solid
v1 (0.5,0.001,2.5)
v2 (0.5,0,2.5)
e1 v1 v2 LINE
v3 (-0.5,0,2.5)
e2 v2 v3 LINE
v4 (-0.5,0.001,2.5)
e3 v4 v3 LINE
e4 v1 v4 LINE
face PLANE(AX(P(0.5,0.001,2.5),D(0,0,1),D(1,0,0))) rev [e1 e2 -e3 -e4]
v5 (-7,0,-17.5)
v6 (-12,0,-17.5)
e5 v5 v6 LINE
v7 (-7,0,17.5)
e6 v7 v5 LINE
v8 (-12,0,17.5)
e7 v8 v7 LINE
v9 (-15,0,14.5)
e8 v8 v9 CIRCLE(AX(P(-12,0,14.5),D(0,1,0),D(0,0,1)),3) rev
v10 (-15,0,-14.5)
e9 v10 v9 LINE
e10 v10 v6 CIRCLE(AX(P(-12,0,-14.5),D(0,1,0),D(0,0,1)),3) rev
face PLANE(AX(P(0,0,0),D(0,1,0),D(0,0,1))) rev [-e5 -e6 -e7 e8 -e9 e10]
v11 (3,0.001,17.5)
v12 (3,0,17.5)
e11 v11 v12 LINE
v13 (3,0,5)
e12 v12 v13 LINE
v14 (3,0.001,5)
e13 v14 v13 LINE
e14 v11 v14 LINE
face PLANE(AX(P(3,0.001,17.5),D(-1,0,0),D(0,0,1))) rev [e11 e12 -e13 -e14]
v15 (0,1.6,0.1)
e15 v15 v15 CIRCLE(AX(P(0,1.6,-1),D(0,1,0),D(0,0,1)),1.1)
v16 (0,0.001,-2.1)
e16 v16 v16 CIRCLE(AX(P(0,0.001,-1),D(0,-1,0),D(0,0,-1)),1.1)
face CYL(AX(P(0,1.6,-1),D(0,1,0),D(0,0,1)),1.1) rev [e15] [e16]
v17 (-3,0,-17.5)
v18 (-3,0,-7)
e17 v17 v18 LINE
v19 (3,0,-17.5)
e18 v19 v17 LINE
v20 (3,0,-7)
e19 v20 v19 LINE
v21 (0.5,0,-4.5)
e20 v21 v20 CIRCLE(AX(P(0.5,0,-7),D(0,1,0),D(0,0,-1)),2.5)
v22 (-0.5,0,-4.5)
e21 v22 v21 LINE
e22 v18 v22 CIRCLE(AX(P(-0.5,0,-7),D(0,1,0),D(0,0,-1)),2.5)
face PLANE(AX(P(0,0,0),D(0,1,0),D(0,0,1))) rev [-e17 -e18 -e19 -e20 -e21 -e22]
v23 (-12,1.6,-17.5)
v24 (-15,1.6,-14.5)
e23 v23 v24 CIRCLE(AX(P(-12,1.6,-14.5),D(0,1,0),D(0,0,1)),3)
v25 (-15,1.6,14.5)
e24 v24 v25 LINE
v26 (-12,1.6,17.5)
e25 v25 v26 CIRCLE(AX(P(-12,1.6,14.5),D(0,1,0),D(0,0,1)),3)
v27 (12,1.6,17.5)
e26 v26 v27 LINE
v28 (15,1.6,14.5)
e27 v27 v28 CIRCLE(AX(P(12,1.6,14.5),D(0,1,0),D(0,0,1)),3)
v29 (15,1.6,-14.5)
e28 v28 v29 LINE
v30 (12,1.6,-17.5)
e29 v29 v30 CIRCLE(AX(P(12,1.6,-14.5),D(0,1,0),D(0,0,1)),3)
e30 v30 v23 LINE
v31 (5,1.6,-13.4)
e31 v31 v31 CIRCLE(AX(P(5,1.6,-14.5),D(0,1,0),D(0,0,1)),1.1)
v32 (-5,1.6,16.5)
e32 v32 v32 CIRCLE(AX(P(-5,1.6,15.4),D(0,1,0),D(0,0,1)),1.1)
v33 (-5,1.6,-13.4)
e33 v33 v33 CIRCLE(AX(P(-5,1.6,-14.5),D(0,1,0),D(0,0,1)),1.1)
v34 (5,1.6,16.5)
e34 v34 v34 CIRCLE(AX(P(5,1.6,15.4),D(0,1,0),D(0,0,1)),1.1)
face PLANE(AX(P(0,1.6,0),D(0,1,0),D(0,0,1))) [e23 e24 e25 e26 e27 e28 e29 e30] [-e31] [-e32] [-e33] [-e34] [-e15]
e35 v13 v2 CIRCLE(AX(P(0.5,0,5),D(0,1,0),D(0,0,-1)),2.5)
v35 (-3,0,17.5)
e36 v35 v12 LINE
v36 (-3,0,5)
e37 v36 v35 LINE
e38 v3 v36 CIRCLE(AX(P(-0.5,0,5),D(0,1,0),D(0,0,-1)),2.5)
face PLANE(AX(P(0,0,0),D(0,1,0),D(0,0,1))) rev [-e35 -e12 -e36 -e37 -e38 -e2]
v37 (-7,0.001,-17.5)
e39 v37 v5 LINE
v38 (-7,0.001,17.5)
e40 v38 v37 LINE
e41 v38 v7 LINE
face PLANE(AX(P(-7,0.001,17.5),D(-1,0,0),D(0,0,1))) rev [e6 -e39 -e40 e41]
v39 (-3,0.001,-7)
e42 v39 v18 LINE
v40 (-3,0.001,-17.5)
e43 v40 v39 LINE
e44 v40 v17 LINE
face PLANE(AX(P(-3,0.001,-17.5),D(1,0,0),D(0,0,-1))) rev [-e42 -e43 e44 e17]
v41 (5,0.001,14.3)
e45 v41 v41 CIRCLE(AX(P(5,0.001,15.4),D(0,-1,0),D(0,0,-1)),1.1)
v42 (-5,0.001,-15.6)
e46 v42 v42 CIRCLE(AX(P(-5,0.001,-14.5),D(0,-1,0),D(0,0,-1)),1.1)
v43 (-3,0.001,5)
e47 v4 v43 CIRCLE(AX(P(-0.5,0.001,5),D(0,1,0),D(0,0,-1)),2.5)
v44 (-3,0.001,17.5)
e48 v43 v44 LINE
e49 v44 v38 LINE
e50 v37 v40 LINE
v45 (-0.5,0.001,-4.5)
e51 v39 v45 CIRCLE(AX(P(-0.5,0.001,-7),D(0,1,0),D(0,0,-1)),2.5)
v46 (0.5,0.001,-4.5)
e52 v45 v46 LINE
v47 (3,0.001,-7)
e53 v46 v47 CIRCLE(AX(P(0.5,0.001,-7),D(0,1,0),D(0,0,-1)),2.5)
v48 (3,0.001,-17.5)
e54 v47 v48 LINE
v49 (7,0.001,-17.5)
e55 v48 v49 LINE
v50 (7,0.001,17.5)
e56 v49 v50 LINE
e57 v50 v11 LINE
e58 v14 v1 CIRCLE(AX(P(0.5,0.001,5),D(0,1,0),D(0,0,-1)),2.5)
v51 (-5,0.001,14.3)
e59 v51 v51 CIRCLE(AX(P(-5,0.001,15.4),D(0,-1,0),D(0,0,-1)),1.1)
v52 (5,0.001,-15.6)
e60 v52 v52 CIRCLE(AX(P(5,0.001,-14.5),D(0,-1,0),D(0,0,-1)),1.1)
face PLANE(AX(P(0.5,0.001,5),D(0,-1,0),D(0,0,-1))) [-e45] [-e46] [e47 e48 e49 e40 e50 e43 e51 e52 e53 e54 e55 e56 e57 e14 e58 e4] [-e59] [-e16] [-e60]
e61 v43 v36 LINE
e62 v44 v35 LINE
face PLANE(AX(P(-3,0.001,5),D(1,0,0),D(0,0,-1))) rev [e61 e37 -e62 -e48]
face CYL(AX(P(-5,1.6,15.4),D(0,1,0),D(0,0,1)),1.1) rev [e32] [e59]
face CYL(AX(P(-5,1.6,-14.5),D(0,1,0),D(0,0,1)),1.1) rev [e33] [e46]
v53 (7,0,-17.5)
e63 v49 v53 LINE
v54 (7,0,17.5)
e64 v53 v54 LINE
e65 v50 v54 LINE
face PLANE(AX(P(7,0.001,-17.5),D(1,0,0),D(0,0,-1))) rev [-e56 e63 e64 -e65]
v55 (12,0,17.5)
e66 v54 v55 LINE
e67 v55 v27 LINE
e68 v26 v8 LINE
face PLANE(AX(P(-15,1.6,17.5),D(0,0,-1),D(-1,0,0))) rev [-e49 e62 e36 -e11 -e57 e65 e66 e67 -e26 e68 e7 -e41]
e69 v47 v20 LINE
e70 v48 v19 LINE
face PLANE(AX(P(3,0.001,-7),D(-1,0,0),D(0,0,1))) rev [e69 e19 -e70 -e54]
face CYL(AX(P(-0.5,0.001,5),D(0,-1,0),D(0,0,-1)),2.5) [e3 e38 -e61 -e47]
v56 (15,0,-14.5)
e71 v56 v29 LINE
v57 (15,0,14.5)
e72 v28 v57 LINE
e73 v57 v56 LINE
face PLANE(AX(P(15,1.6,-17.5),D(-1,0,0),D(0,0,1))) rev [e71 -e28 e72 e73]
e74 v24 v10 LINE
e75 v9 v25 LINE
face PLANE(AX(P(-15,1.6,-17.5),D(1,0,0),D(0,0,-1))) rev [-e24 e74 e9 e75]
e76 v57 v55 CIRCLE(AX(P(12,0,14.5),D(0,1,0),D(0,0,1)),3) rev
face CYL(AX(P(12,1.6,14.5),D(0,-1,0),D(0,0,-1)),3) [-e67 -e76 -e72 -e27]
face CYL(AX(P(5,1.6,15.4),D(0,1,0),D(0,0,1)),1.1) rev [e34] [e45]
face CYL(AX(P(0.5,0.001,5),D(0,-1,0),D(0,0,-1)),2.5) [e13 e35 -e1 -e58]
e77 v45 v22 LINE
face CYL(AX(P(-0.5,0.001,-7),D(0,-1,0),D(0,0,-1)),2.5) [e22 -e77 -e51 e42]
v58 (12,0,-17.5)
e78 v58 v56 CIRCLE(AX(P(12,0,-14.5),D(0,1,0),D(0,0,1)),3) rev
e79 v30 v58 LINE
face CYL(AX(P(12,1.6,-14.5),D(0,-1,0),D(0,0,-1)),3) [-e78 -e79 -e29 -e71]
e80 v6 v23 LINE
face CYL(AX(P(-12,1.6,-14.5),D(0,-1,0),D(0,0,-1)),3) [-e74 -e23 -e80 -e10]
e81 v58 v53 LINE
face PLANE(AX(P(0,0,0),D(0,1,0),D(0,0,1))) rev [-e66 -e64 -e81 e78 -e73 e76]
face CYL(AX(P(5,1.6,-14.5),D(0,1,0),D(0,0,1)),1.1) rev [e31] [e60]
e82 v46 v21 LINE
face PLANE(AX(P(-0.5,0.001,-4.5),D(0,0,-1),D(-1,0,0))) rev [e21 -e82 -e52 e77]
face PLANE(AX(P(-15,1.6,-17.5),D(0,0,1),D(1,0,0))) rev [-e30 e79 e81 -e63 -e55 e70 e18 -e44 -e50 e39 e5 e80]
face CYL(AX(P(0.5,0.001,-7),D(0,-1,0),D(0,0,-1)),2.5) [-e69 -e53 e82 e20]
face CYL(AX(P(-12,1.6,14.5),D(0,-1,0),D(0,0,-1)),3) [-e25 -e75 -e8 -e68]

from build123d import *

# Parameters (mm, degrees)
SKETCH1_W                = 30
SKETCH1_H                = 35
BOSS_EXTRUDE1_DEPTH      = 1.6
CUT_EXTRUDE3_DEPTH       = 0.001
M2_CLEARANCE_HOLE1_D     = 2.2
M2_CLEARANCE_HOLE1_DEPTH = 5.2
M2_CLEARANCE_HOLE1_TIP   = 0.660946681
FILLET2_R                = 3


with BuildPart() as part:
    # Sketch1 → Boss-Extrude1 (new body)
    with BuildSketch(Plane(origin=(0, 0, 0), x_dir=(1, 0, 0), z_dir=(0, 1, 0))):
        Rectangle(SKETCH1_W, SKETCH1_H)
    extrude(amount=BOSS_EXTRUDE1_DEPTH)

    # Sketch5 → Cut-Extrude3 (cut)
    with BuildSketch(Plane.XZ):
        with BuildLine():
            Line((7, 17.5), (3, 17.5))
            Line((3, 17.5), (3, 5))
            ThreePointArc((3, 5), (2.267766953, 3.232233047), (0.5, 2.5))
            Line((0.5, 2.5), (-0.5, 2.5))
            ThreePointArc((-0.5, 2.5), (-2.267766953, 3.232233047), (-3, 5))
            Line((-3, 5), (-3, 17.5))
            Line((-3, 17.5), (-7, 17.5))
            Line((-7, 17.5), (-7, -17.5))
            Line((-7, -17.5), (-3, -17.5))
            Line((-3, -17.5), (-3, -7))
            ThreePointArc((-3, -7), (-2.267766953, -5.232233047), (-0.5, -4.5))
            Line((-0.5, -4.5), (0.5, -4.5))
            ThreePointArc((0.5, -4.5), (2.267766953, -5.232233047), (3, -7))
            Line((3, -7), (3, -17.5))
            Line((3, -17.5), (7, -17.5))
            Line((7, -17.5), (7, 17.5))
        make_face()
    extrude(amount=-CUT_EXTRUDE3_DEPTH, mode=Mode.SUBTRACT)

    # M2 Clearance Hole1
    with Locations(Plane(origin=(0, 1.6, 0), x_dir=(1, 0, 0), z_dir=(0, 1, 0))):
        with Locations((-5, 14.5), (-5, -15.4), (5, -15.4), (5, 14.5), (0, 1)):
            Hole(M2_CLEARANCE_HOLE1_D / 2, depth=M2_CLEARANCE_HOLE1_DEPTH)
            with Locations((0, 0, -(M2_CLEARANCE_HOLE1_DEPTH + M2_CLEARANCE_HOLE1_TIP / 2))):  # 118° drill point
                Cone(0, M2_CLEARANCE_HOLE1_D / 2, M2_CLEARANCE_HOLE1_TIP, mode=Mode.SUBTRACT)

    # Fillet2
    fillet2_edges = [part.edges().sort_by_distance(p)[0] for p in [
        (-15, 0.8, -17.5),
        (15, 0.8, -17.5),
        (15, 0.8, 17.5),
        (-15, 0.8, 17.5),
    ]]
    fillet(fillet2_edges, radius=FILLET2_R)


solid = part.part
